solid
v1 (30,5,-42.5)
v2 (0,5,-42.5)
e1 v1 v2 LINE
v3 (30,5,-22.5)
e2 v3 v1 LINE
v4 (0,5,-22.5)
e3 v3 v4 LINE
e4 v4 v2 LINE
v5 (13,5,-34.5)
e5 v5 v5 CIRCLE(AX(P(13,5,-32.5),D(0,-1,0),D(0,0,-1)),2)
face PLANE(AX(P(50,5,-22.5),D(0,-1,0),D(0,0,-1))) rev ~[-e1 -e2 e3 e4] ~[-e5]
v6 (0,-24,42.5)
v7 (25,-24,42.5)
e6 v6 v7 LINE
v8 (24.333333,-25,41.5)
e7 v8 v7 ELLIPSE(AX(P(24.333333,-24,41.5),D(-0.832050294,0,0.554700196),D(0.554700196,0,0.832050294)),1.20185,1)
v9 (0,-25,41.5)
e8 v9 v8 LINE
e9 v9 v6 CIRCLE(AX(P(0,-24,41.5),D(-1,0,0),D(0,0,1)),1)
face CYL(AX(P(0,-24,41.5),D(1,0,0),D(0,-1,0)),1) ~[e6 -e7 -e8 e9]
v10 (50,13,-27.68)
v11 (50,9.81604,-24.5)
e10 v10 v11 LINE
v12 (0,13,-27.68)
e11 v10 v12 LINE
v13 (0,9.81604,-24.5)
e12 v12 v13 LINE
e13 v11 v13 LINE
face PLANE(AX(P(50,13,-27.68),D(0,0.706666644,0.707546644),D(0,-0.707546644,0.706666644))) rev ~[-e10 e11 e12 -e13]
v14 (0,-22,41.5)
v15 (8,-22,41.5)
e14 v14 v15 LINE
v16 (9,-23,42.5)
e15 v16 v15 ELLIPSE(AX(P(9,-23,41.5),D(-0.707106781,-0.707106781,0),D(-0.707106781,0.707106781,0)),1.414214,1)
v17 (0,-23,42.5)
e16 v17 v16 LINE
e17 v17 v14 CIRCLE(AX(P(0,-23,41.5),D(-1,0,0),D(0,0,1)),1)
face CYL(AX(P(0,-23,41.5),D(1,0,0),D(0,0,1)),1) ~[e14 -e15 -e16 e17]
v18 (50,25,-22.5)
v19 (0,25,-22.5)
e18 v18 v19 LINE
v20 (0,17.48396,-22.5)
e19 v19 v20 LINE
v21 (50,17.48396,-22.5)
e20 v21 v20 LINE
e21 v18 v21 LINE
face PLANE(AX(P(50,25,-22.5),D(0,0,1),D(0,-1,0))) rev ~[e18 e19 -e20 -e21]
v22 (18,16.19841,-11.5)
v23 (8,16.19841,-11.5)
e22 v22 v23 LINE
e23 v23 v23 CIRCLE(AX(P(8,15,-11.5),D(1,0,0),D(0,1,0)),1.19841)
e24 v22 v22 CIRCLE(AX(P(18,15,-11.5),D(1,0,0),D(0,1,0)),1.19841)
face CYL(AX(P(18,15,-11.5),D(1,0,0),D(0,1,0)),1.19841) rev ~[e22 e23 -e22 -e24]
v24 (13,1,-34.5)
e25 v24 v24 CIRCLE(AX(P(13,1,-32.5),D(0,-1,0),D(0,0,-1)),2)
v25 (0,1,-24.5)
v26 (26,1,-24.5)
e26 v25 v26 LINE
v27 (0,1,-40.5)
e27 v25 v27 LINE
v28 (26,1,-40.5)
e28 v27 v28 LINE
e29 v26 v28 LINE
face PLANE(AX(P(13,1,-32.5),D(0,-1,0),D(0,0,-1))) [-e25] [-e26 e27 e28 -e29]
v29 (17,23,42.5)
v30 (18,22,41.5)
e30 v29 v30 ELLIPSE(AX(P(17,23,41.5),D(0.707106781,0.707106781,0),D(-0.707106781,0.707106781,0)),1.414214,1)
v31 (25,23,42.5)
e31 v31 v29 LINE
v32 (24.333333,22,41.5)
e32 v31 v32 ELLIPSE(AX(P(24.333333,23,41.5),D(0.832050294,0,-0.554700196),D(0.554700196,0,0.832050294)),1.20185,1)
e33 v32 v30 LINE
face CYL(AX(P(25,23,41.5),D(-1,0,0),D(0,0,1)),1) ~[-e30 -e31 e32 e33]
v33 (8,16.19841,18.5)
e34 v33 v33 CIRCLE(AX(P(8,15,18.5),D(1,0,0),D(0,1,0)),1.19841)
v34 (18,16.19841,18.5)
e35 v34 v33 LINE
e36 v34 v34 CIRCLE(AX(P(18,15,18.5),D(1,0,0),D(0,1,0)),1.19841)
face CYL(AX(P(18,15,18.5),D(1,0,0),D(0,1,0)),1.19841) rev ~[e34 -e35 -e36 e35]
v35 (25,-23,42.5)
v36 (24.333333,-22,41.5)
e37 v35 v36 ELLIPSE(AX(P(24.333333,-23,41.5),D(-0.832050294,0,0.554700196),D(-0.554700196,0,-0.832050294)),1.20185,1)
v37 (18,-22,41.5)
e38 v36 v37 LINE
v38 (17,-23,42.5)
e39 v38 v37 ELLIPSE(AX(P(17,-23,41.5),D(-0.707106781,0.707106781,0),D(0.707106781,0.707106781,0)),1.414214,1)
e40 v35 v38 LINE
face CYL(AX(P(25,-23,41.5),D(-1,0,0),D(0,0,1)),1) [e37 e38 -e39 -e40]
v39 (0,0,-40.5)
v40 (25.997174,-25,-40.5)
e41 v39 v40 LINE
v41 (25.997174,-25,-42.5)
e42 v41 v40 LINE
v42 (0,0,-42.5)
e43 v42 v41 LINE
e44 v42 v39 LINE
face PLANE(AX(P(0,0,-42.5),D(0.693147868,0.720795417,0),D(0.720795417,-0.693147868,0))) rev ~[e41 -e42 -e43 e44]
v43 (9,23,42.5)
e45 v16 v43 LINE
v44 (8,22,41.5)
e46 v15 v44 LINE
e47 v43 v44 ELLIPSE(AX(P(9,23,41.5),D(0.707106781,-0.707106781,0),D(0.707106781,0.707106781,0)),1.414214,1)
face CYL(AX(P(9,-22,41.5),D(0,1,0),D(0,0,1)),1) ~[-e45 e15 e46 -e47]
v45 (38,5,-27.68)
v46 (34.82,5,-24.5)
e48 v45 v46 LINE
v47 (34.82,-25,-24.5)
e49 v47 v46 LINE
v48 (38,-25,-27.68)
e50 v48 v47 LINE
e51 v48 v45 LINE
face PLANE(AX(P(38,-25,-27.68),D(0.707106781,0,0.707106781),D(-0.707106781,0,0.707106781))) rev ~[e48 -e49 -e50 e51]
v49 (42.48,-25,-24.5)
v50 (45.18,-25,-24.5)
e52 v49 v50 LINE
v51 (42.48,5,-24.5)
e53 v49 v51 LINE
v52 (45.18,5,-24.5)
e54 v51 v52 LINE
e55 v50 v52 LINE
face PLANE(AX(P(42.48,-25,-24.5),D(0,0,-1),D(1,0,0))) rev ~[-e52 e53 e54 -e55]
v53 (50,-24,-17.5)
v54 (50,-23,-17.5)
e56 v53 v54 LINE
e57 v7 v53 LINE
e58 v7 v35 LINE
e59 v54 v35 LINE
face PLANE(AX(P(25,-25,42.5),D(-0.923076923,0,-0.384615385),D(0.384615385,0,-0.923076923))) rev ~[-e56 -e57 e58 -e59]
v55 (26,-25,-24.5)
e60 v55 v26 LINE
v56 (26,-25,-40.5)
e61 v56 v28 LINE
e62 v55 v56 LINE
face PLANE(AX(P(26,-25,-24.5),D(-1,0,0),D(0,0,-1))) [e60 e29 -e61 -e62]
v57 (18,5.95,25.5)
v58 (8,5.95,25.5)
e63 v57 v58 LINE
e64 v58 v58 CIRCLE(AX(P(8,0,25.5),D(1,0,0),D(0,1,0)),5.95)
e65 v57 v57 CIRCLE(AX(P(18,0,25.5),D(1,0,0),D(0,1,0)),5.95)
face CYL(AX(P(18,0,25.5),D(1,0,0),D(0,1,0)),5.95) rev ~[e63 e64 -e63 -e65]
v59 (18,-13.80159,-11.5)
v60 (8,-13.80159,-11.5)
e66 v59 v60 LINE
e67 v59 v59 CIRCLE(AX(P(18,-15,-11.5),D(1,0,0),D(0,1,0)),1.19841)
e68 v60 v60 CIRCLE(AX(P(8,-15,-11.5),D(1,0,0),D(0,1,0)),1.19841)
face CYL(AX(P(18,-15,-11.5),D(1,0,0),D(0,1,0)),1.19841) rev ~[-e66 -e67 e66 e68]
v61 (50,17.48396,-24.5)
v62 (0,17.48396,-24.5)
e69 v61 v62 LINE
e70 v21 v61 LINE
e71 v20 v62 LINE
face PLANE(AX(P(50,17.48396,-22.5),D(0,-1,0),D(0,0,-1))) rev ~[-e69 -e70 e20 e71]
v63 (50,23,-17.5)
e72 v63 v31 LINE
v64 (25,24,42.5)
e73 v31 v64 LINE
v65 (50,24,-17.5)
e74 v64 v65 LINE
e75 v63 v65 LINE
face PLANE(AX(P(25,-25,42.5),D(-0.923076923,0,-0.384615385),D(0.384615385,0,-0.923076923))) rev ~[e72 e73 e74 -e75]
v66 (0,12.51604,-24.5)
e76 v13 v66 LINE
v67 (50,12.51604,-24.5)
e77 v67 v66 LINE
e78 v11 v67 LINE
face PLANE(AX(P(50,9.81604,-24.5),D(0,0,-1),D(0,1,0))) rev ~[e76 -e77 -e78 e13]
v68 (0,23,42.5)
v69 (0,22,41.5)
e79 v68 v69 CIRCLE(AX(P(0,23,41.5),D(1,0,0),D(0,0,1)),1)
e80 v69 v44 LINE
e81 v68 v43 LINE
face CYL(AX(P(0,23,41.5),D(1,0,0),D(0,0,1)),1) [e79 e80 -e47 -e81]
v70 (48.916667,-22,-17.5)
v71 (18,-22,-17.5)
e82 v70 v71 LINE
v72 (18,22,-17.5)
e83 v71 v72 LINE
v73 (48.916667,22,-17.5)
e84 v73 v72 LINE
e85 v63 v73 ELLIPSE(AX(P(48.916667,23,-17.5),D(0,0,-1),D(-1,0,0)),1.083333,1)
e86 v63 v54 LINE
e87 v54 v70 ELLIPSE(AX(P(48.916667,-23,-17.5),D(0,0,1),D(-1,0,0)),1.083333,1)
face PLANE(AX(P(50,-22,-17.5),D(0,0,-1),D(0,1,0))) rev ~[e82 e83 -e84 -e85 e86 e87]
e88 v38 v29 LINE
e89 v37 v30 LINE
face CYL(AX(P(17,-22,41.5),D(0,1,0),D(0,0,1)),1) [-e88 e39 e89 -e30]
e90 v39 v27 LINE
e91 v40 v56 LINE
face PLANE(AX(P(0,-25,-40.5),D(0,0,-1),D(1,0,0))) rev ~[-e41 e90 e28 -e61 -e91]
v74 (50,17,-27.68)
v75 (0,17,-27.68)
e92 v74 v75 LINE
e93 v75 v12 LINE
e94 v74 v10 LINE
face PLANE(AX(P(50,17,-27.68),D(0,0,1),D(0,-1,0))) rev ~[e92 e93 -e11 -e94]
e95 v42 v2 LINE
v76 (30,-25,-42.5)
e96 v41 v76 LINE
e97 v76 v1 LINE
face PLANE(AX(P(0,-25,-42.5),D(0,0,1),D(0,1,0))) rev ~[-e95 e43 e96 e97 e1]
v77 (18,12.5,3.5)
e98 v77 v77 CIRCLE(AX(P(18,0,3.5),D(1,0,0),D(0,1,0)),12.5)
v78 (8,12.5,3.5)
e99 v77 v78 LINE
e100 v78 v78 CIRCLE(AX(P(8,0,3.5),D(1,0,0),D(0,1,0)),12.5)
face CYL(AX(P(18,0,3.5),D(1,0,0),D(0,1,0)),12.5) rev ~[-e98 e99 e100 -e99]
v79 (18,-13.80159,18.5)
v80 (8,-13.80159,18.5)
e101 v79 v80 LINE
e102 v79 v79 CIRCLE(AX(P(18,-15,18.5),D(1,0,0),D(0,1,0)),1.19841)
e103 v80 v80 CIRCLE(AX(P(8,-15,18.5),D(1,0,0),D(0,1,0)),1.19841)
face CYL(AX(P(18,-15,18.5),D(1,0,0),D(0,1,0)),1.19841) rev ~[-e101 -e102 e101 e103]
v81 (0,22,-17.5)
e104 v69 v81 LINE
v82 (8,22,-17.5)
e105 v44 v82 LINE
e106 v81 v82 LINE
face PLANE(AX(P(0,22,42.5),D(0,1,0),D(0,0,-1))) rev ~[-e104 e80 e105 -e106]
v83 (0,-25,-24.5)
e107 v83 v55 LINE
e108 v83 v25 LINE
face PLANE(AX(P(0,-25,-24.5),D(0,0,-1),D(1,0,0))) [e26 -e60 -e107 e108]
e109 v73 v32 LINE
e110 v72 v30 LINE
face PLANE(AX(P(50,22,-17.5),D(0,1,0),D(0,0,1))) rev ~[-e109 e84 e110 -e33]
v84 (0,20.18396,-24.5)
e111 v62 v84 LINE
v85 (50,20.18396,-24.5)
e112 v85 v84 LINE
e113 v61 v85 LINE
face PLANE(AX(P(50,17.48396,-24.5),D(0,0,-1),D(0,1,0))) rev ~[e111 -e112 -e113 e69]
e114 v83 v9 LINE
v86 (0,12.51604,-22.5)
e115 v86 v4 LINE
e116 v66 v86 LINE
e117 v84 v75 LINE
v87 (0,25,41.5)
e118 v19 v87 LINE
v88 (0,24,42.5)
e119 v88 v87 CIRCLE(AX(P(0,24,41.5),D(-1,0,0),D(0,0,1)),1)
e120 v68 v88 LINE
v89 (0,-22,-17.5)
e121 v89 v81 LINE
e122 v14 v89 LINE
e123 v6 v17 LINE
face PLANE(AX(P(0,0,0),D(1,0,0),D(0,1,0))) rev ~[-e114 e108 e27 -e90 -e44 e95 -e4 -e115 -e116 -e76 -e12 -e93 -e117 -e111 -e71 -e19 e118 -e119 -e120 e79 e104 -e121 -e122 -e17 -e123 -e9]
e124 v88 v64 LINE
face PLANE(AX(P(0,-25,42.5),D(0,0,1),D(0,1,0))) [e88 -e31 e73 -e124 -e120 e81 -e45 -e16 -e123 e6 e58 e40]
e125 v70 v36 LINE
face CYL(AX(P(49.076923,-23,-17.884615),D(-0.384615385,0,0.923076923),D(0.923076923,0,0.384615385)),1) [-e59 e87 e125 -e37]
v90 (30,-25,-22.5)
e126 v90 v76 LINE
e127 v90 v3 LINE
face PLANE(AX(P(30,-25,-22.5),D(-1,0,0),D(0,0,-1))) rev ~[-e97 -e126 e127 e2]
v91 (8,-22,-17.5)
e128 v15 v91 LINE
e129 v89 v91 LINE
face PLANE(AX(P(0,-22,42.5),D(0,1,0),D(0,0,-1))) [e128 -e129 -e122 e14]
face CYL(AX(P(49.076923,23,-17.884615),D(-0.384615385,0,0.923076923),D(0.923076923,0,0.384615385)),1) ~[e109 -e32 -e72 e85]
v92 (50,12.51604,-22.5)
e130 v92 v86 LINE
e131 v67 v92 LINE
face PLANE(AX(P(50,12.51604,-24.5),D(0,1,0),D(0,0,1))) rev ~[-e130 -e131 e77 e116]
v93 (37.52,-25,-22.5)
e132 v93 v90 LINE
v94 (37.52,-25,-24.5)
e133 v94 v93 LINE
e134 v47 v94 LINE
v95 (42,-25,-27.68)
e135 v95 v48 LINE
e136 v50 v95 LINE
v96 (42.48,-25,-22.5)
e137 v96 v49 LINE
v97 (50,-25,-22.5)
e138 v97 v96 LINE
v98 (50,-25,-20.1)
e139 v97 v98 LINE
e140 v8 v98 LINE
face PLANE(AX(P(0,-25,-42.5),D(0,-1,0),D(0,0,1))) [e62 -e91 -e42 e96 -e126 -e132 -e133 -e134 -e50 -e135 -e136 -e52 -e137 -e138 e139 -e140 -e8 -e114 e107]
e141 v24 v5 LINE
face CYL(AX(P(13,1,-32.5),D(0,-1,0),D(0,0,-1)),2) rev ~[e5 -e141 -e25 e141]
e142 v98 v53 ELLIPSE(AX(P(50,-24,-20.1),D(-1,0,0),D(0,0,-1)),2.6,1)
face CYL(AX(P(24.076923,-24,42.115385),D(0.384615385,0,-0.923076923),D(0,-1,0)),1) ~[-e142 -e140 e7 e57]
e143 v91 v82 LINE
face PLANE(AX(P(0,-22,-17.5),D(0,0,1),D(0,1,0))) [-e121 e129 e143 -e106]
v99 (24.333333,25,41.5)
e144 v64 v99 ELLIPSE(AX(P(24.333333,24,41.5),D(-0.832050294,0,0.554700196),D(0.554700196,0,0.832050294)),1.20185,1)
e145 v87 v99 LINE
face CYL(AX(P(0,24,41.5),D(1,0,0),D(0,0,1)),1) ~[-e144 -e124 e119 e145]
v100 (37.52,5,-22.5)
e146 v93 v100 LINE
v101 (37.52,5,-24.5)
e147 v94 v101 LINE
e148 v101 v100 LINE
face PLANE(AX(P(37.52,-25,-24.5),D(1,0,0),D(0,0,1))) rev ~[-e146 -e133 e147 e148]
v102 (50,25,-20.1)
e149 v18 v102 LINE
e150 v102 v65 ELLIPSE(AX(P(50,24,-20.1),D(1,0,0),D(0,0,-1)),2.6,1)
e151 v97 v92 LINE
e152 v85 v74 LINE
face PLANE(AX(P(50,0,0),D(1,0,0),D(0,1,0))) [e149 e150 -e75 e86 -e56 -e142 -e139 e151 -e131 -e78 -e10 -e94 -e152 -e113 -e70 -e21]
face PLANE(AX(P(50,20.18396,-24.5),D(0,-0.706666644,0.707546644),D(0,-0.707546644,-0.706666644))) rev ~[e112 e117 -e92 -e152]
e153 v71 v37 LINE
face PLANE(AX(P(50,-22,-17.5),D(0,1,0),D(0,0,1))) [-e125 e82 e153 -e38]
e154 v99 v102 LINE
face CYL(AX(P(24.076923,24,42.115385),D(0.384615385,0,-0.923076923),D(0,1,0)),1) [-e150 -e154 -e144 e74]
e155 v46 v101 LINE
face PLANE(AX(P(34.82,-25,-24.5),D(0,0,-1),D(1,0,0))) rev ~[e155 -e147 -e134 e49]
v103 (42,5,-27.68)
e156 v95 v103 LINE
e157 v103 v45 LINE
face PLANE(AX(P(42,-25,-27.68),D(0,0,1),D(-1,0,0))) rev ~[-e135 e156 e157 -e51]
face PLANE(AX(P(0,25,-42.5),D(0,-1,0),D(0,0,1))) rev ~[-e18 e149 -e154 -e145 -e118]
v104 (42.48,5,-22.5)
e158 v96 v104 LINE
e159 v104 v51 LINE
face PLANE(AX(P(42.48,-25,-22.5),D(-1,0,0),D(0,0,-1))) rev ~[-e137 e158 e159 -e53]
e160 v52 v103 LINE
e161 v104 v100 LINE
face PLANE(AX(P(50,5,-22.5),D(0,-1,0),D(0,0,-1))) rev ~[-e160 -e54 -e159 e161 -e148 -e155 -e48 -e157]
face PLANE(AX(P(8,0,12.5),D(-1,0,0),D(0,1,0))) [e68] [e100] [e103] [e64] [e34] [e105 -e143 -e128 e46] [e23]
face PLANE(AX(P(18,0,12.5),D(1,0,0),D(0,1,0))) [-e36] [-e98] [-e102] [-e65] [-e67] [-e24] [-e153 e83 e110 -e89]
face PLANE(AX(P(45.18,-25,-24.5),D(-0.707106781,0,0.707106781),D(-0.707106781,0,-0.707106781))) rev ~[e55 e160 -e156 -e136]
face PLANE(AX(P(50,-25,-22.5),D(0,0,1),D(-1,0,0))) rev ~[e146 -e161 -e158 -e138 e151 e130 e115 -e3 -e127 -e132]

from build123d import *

# Parameters (mm, degrees)
SKETCH_W        = 50
SKETCH_H        = 85
PAD_DEPTH       = 50
POCKET_DEPTH    = 50
POCKET001_DEPTH = 30
SKETCH004_W     = 16
SKETCH004_H     = 26
POCKET002_DEPTH = 26
SKETCH005_R     = 2
POCKET003_DEPTH = 4
POCKET005_DEPTH = 4
SKETCH008_W     = 44
SKETCH008_H     = 60
POCKET006_DEPTH = 32
SKETCH009_R     = 12.5
SKETCH009_R_2   = 5.95
SKETCH009_R_3   = 1.19841
POCKET007_DEPTH = 18.001
SKETCH010_W     = 44
SKETCH010_H     = 60
POCKET008_DEPTH = 8
POCKET009_DEPTH = 50.001
FILLET_R        = 1


with BuildPart() as part:
    # Sketch → Pad (new body)
    with BuildSketch(Plane.YZ):
        Rectangle(SKETCH_W, SKETCH_H)
    extrude(amount=PAD_DEPTH)

    # Sketch001 (on Face6 of Pad) → Pocket (cut)
    with BuildSketch(Plane.YZ.offset(50)):
        Polygon((5, -22.5), (5, -42.5), (25, -42.5), (25, -22.5), (17.48396, -22.5), (17.48396, -24.5), (20.18396, -24.5), (17, -27.68), (13, -27.68), (9.81604, -24.5), (12.51604, -24.5), (12.51604, -22.5), align=None)
    extrude(amount=-POCKET_DEPTH, mode=Mode.SUBTRACT)

    # Sketch003 (on Face2 of Pocket) → Pocket001 (cut)
    with BuildSketch(Plane(origin=(0, -25, 0), x_dir=(0, 0, -1), z_dir=(0, -1, 0))):
        Polygon((42.5, 50), (22.5, 50), (22.5, 42.48), (24.5, 42.48), (24.5, 45.18), (27.68, 42), (27.68, 38), (24.5, 34.82), (24.5, 37.52), (22.5, 37.52), (22.5, 30), (42.5, 30), align=None)
    extrude(amount=-POCKET001_DEPTH, mode=Mode.SUBTRACT)

    # Sketch004 (on Face2 of Pocket001) → Pocket002 (cut)
    with BuildSketch(Plane(origin=(0, -25, 0), x_dir=(0, 0, -1), z_dir=(0, -1, 0))):
        with Locations((32.5, 13)):
            Rectangle(SKETCH004_W, SKETCH004_H)
    extrude(amount=-POCKET002_DEPTH, mode=Mode.SUBTRACT)

    # Sketch005 (on Face30 of Pocket002) → Pocket003 (cut)
    with BuildSketch(Plane(origin=(0, 1, 0), x_dir=(0, 0, -1), z_dir=(0, -1, 0))):
        with Locations((32.5, 13)):
            Circle(SKETCH005_R)
    extrude(amount=-POCKET003_DEPTH, mode=Mode.SUBTRACT)

    # Sketch007 → Pocket005 (cut)
    with BuildSketch(Plane.YX.offset(42.5)):
        Polygon((-25.002718, 26), (-25, 0), (0, 0), align=None)
    extrude(amount=-POCKET005_DEPTH, mode=Mode.SUBTRACT)

    # Sketch008 (on Face5 of Pocket005) → Pocket006 (cut)
    with BuildSketch(Plane.YZ.offset(50)):
        with Locations((0, 12.5)):
            Rectangle(SKETCH008_W, SKETCH008_H)
    extrude(amount=-POCKET006_DEPTH, mode=Mode.SUBTRACT)

    # Sketch009 (on Face6 of Pocket006) → Pocket007 (cut, through all)
    with BuildSketch(Plane.YZ.offset(18)):
        with Locations((0, 3.5)):
            Circle(SKETCH009_R)
        with Locations((0, 25.5)):
            Circle(SKETCH009_R_2)
        with Locations((-15, 18.5)):
            Circle(SKETCH009_R_3)
        with Locations((-15, -11.5)):
            Circle(SKETCH009_R_3)
        with Locations((15, -11.5)):
            Circle(SKETCH009_R_3)
        with Locations((15, 18.5)):
            Circle(SKETCH009_R_3)
    extrude(amount=-POCKET007_DEPTH, mode=Mode.SUBTRACT)

    # Sketch010 (on Face2 of Pocket007) → Pocket008 (cut)
    with BuildSketch(Plane(origin=(0, 0, 0), x_dir=(0, 1, 0), z_dir=(-1, 0, 0))):
        with Locations((0, -12.5)):
            Rectangle(SKETCH010_W, SKETCH010_H)
    extrude(amount=-POCKET008_DEPTH, mode=Mode.SUBTRACT)

    # Sketch011 (on Face11 of Pocket008) → Pocket009 (cut, through all)
    with BuildSketch(Plane(origin=(0, -25, 0), x_dir=(0, 0, -1), z_dir=(0, -1, 0))):
        Polygon((-42.5, 50), (-42.5, 25), (17.5, 50), align=None)
    extrude(amount=-POCKET009_DEPTH, mode=Mode.SUBTRACT)

    # Fillet
    fillet_edges = [part.edges().sort_by_distance(p)[0] for p in [
        (8, 0, 42.5),
        (12.5, -25, 42.5),
        (4, -22, 42.5),
        (12.5, 25, 42.5),
        (37.5, 22, 12.5),
        (37.5, 25, 12.5),
        (18, 0, 42.5),
        (21.5, 22, 42.5),
        (21.5, -22, 42.5),
        (4, 22, 42.5),
        (37.5, -25, 12.5),
        (37.5, -22, 12.5),
    ]]
    fillet(fillet_edges, radius=FILLET_R)


solid = part.part
